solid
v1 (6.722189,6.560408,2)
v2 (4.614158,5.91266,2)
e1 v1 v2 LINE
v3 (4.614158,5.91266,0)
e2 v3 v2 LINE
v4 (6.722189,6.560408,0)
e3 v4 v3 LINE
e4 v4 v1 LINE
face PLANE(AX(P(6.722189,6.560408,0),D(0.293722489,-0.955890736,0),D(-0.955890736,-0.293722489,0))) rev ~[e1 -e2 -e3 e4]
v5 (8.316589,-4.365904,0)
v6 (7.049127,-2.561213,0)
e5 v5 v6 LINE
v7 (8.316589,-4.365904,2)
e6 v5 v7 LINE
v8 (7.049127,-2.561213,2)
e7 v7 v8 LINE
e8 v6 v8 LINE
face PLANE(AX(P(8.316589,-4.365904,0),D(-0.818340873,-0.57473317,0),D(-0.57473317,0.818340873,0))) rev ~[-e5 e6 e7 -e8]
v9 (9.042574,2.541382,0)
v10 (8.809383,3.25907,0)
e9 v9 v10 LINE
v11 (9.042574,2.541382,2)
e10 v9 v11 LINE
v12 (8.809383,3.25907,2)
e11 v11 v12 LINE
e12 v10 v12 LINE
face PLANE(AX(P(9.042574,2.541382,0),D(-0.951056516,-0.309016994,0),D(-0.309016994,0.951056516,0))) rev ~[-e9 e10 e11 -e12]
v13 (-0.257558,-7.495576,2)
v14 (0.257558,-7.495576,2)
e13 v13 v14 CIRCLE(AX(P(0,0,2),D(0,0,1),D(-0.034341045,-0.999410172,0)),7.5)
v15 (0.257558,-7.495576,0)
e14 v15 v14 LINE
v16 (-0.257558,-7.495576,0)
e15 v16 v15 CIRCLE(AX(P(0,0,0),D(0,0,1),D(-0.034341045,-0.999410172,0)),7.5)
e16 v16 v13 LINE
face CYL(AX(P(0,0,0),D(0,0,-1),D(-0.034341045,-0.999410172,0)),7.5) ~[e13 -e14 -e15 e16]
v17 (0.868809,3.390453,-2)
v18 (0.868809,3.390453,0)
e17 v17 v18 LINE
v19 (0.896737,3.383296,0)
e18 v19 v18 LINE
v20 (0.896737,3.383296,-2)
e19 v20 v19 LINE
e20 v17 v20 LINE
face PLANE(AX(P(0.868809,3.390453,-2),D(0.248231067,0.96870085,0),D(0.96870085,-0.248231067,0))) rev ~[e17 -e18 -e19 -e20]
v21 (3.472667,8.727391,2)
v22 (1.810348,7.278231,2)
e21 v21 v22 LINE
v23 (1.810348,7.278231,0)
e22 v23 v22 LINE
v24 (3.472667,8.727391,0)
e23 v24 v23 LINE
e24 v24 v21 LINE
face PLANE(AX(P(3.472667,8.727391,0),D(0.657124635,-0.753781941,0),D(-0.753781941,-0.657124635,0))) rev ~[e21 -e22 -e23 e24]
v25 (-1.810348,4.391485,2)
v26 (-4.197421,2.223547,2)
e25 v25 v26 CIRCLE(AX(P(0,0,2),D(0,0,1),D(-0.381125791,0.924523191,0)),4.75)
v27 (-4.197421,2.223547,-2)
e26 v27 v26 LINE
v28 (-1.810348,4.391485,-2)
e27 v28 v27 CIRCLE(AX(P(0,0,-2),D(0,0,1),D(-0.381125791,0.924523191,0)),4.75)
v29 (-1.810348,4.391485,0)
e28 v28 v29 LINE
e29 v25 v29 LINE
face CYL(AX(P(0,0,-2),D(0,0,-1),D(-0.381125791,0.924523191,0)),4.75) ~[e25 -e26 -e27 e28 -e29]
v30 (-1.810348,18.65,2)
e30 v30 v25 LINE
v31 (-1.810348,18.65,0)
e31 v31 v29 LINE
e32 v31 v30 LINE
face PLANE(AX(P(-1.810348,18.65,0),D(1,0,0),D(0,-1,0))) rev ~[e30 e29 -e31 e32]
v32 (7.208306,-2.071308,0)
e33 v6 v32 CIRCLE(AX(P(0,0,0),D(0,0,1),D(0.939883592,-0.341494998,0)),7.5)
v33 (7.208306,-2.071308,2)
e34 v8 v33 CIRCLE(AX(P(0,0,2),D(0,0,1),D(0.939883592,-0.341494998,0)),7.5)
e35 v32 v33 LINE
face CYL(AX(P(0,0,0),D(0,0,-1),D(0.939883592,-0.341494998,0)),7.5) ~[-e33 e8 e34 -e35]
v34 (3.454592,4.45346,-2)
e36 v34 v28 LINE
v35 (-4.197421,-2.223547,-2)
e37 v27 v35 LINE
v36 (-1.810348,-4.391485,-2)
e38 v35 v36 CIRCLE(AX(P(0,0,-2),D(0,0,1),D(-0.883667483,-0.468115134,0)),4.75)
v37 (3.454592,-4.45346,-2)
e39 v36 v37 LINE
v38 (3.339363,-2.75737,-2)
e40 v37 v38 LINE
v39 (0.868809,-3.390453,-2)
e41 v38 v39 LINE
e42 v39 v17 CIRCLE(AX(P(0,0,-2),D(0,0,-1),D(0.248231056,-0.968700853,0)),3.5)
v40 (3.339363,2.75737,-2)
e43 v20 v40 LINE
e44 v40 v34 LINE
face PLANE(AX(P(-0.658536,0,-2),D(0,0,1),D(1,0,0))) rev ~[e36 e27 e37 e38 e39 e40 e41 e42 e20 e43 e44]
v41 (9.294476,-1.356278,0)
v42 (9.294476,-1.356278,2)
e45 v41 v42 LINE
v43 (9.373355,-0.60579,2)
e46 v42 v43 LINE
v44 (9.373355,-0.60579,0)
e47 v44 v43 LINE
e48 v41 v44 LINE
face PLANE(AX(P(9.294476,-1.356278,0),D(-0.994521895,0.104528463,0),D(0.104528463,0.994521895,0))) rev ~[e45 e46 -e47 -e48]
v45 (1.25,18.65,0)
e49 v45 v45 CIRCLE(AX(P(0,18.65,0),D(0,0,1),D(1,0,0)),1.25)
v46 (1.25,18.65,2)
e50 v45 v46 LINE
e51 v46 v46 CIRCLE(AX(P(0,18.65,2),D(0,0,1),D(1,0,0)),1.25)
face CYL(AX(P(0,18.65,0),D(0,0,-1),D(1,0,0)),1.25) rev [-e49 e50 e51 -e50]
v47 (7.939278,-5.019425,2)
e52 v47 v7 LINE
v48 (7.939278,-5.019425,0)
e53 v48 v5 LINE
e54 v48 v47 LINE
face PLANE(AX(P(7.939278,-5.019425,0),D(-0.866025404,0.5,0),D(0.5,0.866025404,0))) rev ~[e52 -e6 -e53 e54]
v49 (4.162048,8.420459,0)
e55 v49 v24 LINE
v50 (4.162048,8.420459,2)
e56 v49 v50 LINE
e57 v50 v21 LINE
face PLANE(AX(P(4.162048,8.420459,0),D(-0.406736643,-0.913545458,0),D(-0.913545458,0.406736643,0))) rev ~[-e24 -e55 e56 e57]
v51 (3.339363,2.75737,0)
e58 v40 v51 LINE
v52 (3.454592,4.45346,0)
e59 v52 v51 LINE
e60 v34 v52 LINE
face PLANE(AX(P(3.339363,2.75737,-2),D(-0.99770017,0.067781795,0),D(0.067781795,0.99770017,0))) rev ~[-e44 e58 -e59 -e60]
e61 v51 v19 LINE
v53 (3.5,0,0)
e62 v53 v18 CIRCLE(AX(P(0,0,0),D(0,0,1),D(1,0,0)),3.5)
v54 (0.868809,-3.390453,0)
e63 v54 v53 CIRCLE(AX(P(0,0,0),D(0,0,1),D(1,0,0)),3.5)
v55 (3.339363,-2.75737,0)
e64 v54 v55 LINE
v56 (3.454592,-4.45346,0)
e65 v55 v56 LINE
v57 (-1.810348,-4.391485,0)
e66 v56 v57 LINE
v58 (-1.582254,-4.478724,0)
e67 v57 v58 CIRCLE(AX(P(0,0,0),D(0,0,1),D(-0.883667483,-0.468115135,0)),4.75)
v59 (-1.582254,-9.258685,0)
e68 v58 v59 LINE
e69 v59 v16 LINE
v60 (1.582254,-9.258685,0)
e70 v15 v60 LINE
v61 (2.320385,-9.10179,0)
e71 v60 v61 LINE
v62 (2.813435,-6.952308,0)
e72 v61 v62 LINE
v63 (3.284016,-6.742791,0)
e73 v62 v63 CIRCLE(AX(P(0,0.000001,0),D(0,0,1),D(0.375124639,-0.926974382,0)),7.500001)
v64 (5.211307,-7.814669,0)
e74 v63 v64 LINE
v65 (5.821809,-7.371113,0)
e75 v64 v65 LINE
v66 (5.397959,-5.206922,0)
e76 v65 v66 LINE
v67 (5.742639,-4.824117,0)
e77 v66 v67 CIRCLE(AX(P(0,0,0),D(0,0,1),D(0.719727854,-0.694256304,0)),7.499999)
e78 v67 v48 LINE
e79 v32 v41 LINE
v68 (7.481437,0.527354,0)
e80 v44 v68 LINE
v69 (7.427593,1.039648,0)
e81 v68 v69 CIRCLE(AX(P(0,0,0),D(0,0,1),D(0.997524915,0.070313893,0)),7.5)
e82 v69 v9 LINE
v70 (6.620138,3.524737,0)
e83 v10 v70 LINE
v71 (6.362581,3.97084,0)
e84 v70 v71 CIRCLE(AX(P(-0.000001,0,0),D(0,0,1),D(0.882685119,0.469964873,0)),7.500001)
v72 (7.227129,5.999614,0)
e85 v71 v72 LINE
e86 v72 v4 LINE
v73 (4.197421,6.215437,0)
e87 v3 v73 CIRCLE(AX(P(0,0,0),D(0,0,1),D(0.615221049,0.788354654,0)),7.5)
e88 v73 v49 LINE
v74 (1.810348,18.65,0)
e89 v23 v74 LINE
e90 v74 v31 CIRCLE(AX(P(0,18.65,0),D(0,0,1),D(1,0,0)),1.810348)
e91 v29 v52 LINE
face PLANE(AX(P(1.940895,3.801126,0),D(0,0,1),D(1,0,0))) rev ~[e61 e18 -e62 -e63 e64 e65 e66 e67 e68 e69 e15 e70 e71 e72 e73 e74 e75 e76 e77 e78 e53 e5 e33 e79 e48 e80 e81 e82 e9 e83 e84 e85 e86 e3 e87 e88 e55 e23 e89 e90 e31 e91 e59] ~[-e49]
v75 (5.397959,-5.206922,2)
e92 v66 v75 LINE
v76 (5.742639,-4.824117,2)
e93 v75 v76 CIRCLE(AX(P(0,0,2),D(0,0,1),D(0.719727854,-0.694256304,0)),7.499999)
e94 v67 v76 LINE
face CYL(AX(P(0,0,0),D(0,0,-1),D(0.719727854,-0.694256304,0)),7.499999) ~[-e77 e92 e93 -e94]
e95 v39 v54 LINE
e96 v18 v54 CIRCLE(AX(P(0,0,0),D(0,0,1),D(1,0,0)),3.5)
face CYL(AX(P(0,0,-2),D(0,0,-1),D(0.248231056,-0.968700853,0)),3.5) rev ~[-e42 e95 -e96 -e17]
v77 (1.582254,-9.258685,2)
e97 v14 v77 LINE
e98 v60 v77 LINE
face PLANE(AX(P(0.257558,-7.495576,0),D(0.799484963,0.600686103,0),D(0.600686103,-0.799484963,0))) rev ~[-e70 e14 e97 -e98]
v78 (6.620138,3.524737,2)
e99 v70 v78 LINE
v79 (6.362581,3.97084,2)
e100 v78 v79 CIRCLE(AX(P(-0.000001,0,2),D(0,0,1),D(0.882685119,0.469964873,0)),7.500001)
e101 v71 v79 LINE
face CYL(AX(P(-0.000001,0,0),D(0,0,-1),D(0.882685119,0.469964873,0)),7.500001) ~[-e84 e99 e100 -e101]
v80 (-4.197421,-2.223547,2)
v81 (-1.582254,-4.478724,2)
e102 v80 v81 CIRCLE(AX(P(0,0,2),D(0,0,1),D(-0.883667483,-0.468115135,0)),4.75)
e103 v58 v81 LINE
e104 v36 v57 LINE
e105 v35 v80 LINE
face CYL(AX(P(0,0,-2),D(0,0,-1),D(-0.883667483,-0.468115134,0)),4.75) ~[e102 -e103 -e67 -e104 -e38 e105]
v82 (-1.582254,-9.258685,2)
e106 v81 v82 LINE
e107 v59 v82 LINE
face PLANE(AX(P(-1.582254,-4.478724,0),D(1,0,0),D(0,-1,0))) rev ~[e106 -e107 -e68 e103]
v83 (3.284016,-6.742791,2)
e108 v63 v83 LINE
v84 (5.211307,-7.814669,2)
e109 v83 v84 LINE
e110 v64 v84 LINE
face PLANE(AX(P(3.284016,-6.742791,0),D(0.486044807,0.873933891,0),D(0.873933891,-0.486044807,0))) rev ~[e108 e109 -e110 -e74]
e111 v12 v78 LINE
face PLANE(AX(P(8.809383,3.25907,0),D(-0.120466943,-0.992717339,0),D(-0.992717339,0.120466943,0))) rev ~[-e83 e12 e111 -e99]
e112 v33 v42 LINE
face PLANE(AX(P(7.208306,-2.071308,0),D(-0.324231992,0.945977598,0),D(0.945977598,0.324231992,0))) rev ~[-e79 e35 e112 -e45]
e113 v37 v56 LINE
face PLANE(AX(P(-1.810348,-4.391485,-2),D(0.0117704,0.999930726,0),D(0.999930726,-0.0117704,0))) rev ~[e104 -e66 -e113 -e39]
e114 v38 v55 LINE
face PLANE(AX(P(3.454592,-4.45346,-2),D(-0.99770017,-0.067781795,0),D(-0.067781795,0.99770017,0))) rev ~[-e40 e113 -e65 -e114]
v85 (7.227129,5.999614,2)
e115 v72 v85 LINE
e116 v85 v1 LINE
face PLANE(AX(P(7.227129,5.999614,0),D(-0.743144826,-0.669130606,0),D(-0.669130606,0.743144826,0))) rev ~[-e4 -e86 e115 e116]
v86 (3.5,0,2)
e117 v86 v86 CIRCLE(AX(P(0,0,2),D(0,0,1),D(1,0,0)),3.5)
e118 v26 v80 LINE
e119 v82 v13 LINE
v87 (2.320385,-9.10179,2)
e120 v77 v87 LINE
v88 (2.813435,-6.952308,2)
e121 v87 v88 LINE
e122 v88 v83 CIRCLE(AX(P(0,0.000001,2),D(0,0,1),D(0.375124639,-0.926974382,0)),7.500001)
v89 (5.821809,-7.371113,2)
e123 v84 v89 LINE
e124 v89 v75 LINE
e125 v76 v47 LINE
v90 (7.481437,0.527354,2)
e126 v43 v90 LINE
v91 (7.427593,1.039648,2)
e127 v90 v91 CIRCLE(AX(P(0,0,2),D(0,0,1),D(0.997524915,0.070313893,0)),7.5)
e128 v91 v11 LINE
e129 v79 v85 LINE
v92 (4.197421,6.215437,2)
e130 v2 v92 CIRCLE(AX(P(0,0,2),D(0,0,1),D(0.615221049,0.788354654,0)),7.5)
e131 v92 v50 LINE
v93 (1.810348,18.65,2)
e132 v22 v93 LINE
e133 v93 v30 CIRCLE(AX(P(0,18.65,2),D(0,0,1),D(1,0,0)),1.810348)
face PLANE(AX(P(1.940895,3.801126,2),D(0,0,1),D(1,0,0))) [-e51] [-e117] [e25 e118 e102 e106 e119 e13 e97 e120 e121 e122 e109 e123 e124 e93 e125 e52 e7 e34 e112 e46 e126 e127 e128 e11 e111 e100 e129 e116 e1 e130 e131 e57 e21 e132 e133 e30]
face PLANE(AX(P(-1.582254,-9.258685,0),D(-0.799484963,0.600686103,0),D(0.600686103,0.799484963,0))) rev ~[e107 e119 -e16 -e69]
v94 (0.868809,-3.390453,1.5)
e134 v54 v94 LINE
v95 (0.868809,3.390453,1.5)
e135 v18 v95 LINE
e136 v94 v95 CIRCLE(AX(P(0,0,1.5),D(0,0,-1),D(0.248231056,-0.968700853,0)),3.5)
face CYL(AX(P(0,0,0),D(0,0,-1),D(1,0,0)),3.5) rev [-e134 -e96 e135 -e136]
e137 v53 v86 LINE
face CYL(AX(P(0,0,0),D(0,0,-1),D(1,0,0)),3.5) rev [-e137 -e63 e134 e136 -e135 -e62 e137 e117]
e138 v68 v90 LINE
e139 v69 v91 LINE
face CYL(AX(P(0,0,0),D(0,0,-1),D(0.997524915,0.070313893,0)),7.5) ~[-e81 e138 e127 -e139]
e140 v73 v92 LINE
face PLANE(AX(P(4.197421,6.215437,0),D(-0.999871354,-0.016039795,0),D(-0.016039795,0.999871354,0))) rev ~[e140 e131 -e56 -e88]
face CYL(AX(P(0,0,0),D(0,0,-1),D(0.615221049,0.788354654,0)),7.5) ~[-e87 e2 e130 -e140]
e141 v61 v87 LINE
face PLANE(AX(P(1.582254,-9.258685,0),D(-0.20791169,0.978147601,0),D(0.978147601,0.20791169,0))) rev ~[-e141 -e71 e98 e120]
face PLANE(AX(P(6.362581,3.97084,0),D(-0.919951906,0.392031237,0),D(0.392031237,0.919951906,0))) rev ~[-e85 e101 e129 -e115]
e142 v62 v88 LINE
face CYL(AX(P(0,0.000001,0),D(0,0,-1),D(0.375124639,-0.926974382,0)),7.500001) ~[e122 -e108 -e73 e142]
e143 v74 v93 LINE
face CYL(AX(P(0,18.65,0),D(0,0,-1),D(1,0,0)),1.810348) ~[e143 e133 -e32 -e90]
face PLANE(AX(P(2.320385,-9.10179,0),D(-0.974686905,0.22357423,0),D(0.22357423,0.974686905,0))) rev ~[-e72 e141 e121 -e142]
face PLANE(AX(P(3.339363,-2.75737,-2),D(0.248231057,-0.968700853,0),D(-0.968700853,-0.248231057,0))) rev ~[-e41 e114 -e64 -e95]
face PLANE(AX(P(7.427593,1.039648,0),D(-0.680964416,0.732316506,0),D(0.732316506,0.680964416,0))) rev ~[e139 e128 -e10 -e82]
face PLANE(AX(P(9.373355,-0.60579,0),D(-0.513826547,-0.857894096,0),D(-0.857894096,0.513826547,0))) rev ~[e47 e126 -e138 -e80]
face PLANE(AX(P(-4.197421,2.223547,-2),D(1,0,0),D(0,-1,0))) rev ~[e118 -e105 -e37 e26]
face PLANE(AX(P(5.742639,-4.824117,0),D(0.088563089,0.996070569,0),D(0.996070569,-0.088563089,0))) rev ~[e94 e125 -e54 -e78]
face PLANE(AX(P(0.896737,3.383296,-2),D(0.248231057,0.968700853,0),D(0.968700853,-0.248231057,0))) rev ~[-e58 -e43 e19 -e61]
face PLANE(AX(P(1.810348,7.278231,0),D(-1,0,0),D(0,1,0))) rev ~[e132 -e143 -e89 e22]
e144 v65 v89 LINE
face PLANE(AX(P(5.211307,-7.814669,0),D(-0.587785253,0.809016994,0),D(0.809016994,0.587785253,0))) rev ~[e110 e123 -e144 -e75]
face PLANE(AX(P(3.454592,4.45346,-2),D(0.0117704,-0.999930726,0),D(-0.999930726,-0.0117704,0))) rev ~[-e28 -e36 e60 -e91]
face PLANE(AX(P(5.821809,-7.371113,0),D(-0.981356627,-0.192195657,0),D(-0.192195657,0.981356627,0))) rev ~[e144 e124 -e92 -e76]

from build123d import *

# Parameters (mm, degrees)
SKETCH1_R           = 3.5
SKETCH1_R_2         = 1.25
BOSS_EXTRUDE2_DEPTH = 2
BOSS_EXTRUDE3_START = -2
BOSS_EXTRUDE3_DEPTH = 3.5


with BuildPart() as part:
    # Sketch1 → Boss-Extrude2 (new body)
    with BuildSketch(Plane.XY):
        with BuildLine():
            Line((4.197420544, 6.215437295), (4.162047902, 8.420458768))
            Line((4.162047902, 8.420458768), (3.472666725, 8.727391043))
            Line((3.472666725, 8.727391043), (1.81034751, 7.278230684))
            Line((1.81034751, 7.278230684), (1.81034751, 18.65))
            ThreePointArc((1.81034751, 18.65), (0, 20.46034751), (-1.81034751, 18.65))
            Line((-1.81034751, 18.65), (-1.81034751, 4.391485158))
            ThreePointArc((-1.81034751, 4.391485158), (-3.193479033, 3.516275255), (-4.197420544, 2.22354689))
            Line((-4.197420544, 2.22354689), (-4.197420544, -2.22354689))
            ThreePointArc((-4.197420544, -2.22354689), (-3.102034148, -3.597205046), (-1.582253997, -4.478724404))
            Line((-1.582253997, -4.478724404), (-1.582253997, -9.258684619))
            Line((-1.582253997, -9.258684619), (-0.257557826, -7.495576293))
            ThreePointArc((-0.257557826, -7.495576293), (0, -7.5), (0.257557826, -7.495576293))
            Line((0.257557826, -7.495576293), (1.582253997, -9.258684619))
            Line((1.582253997, -9.258684619), (2.32038535, -9.101789957))
            Line((2.32038535, -9.101789957), (2.813434757, -6.952307881))
            ThreePointArc((2.813434757, -6.952307881), (3.050524823, -6.851590932), (3.284016321, -6.74279147))
            Line((3.284016321, -6.74279147), (5.211307253, -7.814668599))
            Line((5.211307253, -7.814668599), (5.821808989, -7.371113124))
            Line((5.821808989, -7.371113124), (5.397958912, -5.206922276))
            ThreePointArc((5.397958912, -5.206922276), (5.573586191, -5.018479548), (5.74263856, -4.824116744))
            Line((5.74263856, -4.824116744), (7.939278142, -5.019425383))
            Line((7.939278142, -5.019425383), (8.316588965, -4.365903867))
            Line((8.316588965, -4.365903867), (7.049126932, -2.561212506))
            ThreePointArc((7.049126932, -2.561212506), (7.132923872, -2.317627458), (7.208306422, -2.071308409))
            Line((7.208306422, -2.071308409), (9.294475714, -1.356277919))
            Line((9.294475714, -1.356277919), (9.373355155, -0.605790169))
            Line((9.373355155, -0.605790169), (7.481436866, 0.527354174))
            ThreePointArc((7.481436866, 0.527354174), (7.458914215, 0.783963475), (7.427592618, 1.039647968))
            Line((7.427592618, 1.039647968), (9.042573998, 2.541382319))
            Line((9.042573998, 2.541382319), (8.809383085, 3.259070153))
            Line((8.809383085, 3.259070153), (6.620138399, 3.524736526))
            ThreePointArc((6.620138399, 3.524736526), (6.495190528, 3.75), (6.362580573, 3.970839767))
            Line((6.362580573, 3.970839767), (7.227129088, 5.999614466))
            Line((7.227129088, 5.999614466), (6.722188648, 6.560407638))
            Line((6.722188648, 6.560407638), (4.614157861, 5.912659912))
            ThreePointArc((4.614157861, 5.912659912), (4.408389392, 6.067627458), (4.197420544, 6.215437295))
        make_face()
        Circle(SKETCH1_R, mode=Mode.SUBTRACT)
        with Locations((0, 18.65)):
            Circle(SKETCH1_R_2, mode=Mode.SUBTRACT)
    extrude(amount=BOSS_EXTRUDE2_DEPTH)

    # Sketch1<4> → Boss-Extrude3 (add)
    with BuildSketch(Plane.XY.offset(BOSS_EXTRUDE3_START)):
        with BuildLine():
            Line((3.454592444, 4.453459903), (-1.81034751, 4.391485158))
            ThreePointArc((-1.81034751, 4.391485158), (-3.193479033, 3.516275255), (-4.197420544, 2.22354689))
            Line((-4.197420544, 2.22354689), (-4.197420544, -2.22354689))
            ThreePointArc((-4.197420544, -2.22354689), (-3.193479033, -3.516275255), (-1.81034751, -4.391485158))
            Line((-1.81034751, -4.391485158), (3.454592444, -4.453459903))
            Line((3.454592444, -4.453459903), (3.339363392, -2.757369614))
            Line((3.339363392, -2.757369614), (0.868808697, -3.390452986))
            ThreePointArc((0.868808697, -3.390452986), (-3.5, 0), (0.868808697, 3.390452986))
            Line((0.868808697, 3.390452986), (0.896736855, 3.383296353))
            Line((0.896736855, 3.383296353), (3.339363392, 2.757369614))
            Line((3.339363392, 2.757369614), (3.454592444, 4.453459903))
        make_face()
    extrude(amount=BOSS_EXTRUDE3_DEPTH)


solid = part.part
